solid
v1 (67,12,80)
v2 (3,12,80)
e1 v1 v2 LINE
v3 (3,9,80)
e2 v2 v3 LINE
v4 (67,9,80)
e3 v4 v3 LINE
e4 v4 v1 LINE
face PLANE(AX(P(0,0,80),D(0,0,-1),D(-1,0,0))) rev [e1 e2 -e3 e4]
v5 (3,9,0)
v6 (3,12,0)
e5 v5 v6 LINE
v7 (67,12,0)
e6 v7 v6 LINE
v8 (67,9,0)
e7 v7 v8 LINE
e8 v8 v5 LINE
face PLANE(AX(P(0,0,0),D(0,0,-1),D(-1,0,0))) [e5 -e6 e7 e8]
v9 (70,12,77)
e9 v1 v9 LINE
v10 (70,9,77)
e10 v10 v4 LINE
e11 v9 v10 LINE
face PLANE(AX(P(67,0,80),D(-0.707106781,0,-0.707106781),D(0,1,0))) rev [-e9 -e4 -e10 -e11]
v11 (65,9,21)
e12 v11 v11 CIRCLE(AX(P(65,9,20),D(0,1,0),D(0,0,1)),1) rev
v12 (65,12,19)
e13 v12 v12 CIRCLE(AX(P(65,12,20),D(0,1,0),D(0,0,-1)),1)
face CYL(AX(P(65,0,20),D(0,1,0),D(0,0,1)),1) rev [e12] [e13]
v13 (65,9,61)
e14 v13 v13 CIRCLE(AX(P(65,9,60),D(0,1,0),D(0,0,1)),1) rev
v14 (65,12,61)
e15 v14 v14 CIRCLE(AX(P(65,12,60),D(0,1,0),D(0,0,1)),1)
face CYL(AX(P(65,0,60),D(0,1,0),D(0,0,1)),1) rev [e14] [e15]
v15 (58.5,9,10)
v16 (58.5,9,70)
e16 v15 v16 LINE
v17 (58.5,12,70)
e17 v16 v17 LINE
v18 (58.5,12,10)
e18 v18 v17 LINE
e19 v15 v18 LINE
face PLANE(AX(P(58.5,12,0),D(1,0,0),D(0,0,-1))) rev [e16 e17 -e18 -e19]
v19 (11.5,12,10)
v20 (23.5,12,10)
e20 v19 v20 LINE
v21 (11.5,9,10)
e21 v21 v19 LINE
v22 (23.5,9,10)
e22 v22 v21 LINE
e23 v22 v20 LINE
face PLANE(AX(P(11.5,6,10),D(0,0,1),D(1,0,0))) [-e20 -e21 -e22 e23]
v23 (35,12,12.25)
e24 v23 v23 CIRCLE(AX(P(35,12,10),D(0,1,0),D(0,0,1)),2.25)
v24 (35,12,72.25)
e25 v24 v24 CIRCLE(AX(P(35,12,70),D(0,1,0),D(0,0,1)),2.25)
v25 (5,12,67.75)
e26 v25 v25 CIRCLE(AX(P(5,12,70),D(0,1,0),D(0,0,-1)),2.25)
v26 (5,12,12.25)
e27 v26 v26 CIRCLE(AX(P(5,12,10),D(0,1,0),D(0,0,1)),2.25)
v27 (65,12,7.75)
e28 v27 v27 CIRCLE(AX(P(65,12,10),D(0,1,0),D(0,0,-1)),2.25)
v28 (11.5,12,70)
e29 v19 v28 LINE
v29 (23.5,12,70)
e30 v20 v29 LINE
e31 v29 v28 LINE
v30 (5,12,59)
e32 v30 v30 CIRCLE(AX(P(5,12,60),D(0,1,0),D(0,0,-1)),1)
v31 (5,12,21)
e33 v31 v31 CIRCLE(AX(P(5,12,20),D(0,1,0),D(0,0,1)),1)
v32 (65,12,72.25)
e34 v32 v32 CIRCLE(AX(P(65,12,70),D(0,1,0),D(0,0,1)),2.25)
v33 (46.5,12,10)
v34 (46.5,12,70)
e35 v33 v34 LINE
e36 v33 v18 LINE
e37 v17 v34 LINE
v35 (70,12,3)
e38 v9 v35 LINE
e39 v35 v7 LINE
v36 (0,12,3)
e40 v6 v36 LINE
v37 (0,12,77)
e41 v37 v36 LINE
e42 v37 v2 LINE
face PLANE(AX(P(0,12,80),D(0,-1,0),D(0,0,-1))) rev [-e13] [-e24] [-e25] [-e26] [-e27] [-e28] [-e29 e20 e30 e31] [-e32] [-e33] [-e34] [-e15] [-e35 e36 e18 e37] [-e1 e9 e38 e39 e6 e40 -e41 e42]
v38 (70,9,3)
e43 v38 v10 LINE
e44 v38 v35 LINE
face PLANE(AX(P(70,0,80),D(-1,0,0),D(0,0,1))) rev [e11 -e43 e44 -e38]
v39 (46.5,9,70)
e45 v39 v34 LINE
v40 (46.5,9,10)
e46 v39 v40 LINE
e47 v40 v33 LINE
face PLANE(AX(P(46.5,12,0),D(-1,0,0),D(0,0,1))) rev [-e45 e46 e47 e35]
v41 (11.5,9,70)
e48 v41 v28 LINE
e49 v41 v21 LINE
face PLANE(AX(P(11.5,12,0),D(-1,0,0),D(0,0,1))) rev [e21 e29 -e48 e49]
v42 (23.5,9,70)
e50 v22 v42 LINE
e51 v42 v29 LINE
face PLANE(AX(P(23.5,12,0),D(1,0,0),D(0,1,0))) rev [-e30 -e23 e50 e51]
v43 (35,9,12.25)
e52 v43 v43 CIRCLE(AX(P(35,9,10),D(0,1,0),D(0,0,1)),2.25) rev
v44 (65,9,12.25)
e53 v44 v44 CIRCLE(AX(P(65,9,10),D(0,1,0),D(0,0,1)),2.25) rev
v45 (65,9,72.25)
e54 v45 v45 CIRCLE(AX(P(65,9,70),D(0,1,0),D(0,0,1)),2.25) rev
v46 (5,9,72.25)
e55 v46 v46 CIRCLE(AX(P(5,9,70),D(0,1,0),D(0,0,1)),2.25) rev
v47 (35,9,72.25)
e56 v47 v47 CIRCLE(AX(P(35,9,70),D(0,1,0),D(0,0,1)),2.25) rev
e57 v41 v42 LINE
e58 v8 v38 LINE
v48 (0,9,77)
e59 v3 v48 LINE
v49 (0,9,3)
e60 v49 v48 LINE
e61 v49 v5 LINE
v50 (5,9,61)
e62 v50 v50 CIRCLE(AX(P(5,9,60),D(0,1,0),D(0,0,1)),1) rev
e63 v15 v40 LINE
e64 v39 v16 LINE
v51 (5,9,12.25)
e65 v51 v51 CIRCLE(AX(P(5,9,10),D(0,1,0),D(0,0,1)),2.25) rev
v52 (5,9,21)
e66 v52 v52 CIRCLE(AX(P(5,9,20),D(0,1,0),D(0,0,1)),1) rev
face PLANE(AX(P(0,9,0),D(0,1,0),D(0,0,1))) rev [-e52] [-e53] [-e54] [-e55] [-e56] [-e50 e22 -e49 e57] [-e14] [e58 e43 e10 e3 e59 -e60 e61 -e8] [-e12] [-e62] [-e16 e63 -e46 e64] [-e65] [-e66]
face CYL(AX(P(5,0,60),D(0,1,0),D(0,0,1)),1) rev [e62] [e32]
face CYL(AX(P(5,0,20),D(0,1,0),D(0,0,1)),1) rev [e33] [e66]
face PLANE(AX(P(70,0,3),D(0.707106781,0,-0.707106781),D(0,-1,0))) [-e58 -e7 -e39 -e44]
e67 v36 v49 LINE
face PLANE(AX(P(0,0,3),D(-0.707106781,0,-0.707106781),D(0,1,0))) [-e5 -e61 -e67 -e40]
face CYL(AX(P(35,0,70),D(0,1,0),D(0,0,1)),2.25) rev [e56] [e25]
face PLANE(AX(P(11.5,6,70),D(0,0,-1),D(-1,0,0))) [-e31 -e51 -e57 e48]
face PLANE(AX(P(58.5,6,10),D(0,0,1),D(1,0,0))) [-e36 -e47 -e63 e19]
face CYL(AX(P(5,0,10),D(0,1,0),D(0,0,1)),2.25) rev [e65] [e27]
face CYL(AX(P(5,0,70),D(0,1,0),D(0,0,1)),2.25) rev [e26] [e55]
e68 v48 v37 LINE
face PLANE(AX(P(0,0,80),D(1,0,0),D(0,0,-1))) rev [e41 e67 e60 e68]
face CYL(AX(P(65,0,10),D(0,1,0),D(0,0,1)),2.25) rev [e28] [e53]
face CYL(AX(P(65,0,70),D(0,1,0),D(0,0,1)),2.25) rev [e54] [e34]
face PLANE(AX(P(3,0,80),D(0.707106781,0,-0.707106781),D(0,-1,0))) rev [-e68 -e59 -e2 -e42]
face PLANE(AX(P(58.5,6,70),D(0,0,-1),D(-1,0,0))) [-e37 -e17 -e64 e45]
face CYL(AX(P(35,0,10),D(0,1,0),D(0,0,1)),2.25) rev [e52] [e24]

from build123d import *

# Parameters (mm, degrees)
ESQUISSE1_W             = 70
ESQUISSE1_H             = 12
BOSS_EXTRU_1_DEPTH      = 80
ESQUISSE2_W             = 12
ESQUISSE2_H             = 6
ENL_V_MAT_EXTRU_1_DEPTH = 107.976632963
ESQUISSE4_R             = 2.25
ENL_V_MAT_EXTRU_3_DEPTH = 107.976632963
ESQUISSE5_W             = 12
ESQUISSE5_H             = 10
BOSS_EXTRU_2_DEPTH      = 6
CHANFREIN1_SIZE         = 3
ESQUISSE6_R             = 1
ENL_V_MAT_EXTRU_4_DEPTH = 12
ENL_V_START             = -80
ESQUISSE8_W             = 70
ESQUISSE8_H             = 9
ENL_V_MAT_EXTRU_8_DEPTH = 80


with BuildPart() as part:
    # Esquisse1 → Boss.-Extru.1 (new body)
    with BuildSketch(Plane.XY):
        with Locations((35, 6)):
            Rectangle(ESQUISSE1_W, ESQUISSE1_H)
    extrude(amount=BOSS_EXTRU_1_DEPTH)

    # Esquisse2 → Enlèv. mat.-Extru.1 (cut, through all)
    with BuildSketch(Plane.XY.offset(80)):
        with Locations((52.5, 9)):
            Rectangle(ESQUISSE2_W, ESQUISSE2_H)
        with Locations((17.5, 9)):
            Rectangle(ESQUISSE2_W, ESQUISSE2_H)
    extrude(amount=-ENL_V_MAT_EXTRU_1_DEPTH, mode=Mode.SUBTRACT)

    # Esquisse4 → Enlèv. mat.-Extru.3 (cut, through all)
    with BuildSketch(Plane(origin=(0, 12, 0), x_dir=(1, 0, 0), z_dir=(0, 1, 0))):
        with Locations(Location((5, -10, 0), (0, 0, 270))):
            Circle(ESQUISSE4_R)
        with Locations(Location((65, -70, 0), (0, 0, 270))):
            Circle(ESQUISSE4_R)
        with Locations(Location((65, -10, 0), (0, 0, 90))):
            Circle(ESQUISSE4_R)
        with Locations(Location((5, -70, 0), (0, 0, 90))):
            Circle(ESQUISSE4_R)
        with Locations(Location((35, -10, 0), (0, 0, 270))):
            Circle(ESQUISSE4_R)
        with Locations(Location((35, -70, 0), (0, 0, 270))):
            Circle(ESQUISSE4_R)
    extrude(amount=-ENL_V_MAT_EXTRU_3_DEPTH, mode=Mode.SUBTRACT)

    # Esquisse5 → Boss.-Extru.2 (add)
    with BuildSketch(Plane(origin=(0, 12, 0), x_dir=(1, 0, 0), z_dir=(0, 1, 0))):
        with Locations((17.5, -75)):
            Rectangle(ESQUISSE5_W, ESQUISSE5_H)
        with Locations((52.5, -75)):
            Rectangle(ESQUISSE5_W, ESQUISSE5_H)
        with Locations((52.5, -5)):
            Rectangle(ESQUISSE5_W, ESQUISSE5_H)
        with Locations((17.5, -5)):
            Rectangle(ESQUISSE5_W, ESQUISSE5_H)
    extrude(amount=-BOSS_EXTRU_2_DEPTH)

    # Chanfrein1
    chanfrein1_edges = [part.edges().sort_by_distance(p)[0] for p in [
        (70, 6, 80),
        (0, 6, 80),
        (70, 6, 0),
        (0, 6, 0),
    ]]
    chamfer(chanfrein1_edges, length=CHANFREIN1_SIZE)

    # Esquisse6 → Enlèv. mat.-Extru.4 (cut)
    with BuildSketch(Plane(origin=(0, 12, 0), x_dir=(1, 0, 0), z_dir=(0, 1, 0))):
        with Locations(Location((5, -20, 0), (0, 0, 270))):
            Circle(ESQUISSE6_R)
        with Locations(Location((5, -60, 0), (0, 0, 90))):
            Circle(ESQUISSE6_R)
        with Locations(Location((65, -60, 0), (0, 0, 270))):
            Circle(ESQUISSE6_R)
        with Locations(Location((65, -20, 0), (0, 0, 90))):
            Circle(ESQUISSE6_R)
    extrude(amount=-ENL_V_MAT_EXTRU_4_DEPTH, mode=Mode.SUBTRACT)

    # Esquisse8 → Enlèv. mat.-Extru.8 (cut)
    with BuildSketch(Plane.XY.offset(80).offset(ENL_V_START)):
        with Locations((35, 4.5)):
            Rectangle(ESQUISSE8_W, ESQUISSE8_H)
    extrude(amount=ENL_V_MAT_EXTRU_8_DEPTH, mode=Mode.SUBTRACT)


solid = part.part
